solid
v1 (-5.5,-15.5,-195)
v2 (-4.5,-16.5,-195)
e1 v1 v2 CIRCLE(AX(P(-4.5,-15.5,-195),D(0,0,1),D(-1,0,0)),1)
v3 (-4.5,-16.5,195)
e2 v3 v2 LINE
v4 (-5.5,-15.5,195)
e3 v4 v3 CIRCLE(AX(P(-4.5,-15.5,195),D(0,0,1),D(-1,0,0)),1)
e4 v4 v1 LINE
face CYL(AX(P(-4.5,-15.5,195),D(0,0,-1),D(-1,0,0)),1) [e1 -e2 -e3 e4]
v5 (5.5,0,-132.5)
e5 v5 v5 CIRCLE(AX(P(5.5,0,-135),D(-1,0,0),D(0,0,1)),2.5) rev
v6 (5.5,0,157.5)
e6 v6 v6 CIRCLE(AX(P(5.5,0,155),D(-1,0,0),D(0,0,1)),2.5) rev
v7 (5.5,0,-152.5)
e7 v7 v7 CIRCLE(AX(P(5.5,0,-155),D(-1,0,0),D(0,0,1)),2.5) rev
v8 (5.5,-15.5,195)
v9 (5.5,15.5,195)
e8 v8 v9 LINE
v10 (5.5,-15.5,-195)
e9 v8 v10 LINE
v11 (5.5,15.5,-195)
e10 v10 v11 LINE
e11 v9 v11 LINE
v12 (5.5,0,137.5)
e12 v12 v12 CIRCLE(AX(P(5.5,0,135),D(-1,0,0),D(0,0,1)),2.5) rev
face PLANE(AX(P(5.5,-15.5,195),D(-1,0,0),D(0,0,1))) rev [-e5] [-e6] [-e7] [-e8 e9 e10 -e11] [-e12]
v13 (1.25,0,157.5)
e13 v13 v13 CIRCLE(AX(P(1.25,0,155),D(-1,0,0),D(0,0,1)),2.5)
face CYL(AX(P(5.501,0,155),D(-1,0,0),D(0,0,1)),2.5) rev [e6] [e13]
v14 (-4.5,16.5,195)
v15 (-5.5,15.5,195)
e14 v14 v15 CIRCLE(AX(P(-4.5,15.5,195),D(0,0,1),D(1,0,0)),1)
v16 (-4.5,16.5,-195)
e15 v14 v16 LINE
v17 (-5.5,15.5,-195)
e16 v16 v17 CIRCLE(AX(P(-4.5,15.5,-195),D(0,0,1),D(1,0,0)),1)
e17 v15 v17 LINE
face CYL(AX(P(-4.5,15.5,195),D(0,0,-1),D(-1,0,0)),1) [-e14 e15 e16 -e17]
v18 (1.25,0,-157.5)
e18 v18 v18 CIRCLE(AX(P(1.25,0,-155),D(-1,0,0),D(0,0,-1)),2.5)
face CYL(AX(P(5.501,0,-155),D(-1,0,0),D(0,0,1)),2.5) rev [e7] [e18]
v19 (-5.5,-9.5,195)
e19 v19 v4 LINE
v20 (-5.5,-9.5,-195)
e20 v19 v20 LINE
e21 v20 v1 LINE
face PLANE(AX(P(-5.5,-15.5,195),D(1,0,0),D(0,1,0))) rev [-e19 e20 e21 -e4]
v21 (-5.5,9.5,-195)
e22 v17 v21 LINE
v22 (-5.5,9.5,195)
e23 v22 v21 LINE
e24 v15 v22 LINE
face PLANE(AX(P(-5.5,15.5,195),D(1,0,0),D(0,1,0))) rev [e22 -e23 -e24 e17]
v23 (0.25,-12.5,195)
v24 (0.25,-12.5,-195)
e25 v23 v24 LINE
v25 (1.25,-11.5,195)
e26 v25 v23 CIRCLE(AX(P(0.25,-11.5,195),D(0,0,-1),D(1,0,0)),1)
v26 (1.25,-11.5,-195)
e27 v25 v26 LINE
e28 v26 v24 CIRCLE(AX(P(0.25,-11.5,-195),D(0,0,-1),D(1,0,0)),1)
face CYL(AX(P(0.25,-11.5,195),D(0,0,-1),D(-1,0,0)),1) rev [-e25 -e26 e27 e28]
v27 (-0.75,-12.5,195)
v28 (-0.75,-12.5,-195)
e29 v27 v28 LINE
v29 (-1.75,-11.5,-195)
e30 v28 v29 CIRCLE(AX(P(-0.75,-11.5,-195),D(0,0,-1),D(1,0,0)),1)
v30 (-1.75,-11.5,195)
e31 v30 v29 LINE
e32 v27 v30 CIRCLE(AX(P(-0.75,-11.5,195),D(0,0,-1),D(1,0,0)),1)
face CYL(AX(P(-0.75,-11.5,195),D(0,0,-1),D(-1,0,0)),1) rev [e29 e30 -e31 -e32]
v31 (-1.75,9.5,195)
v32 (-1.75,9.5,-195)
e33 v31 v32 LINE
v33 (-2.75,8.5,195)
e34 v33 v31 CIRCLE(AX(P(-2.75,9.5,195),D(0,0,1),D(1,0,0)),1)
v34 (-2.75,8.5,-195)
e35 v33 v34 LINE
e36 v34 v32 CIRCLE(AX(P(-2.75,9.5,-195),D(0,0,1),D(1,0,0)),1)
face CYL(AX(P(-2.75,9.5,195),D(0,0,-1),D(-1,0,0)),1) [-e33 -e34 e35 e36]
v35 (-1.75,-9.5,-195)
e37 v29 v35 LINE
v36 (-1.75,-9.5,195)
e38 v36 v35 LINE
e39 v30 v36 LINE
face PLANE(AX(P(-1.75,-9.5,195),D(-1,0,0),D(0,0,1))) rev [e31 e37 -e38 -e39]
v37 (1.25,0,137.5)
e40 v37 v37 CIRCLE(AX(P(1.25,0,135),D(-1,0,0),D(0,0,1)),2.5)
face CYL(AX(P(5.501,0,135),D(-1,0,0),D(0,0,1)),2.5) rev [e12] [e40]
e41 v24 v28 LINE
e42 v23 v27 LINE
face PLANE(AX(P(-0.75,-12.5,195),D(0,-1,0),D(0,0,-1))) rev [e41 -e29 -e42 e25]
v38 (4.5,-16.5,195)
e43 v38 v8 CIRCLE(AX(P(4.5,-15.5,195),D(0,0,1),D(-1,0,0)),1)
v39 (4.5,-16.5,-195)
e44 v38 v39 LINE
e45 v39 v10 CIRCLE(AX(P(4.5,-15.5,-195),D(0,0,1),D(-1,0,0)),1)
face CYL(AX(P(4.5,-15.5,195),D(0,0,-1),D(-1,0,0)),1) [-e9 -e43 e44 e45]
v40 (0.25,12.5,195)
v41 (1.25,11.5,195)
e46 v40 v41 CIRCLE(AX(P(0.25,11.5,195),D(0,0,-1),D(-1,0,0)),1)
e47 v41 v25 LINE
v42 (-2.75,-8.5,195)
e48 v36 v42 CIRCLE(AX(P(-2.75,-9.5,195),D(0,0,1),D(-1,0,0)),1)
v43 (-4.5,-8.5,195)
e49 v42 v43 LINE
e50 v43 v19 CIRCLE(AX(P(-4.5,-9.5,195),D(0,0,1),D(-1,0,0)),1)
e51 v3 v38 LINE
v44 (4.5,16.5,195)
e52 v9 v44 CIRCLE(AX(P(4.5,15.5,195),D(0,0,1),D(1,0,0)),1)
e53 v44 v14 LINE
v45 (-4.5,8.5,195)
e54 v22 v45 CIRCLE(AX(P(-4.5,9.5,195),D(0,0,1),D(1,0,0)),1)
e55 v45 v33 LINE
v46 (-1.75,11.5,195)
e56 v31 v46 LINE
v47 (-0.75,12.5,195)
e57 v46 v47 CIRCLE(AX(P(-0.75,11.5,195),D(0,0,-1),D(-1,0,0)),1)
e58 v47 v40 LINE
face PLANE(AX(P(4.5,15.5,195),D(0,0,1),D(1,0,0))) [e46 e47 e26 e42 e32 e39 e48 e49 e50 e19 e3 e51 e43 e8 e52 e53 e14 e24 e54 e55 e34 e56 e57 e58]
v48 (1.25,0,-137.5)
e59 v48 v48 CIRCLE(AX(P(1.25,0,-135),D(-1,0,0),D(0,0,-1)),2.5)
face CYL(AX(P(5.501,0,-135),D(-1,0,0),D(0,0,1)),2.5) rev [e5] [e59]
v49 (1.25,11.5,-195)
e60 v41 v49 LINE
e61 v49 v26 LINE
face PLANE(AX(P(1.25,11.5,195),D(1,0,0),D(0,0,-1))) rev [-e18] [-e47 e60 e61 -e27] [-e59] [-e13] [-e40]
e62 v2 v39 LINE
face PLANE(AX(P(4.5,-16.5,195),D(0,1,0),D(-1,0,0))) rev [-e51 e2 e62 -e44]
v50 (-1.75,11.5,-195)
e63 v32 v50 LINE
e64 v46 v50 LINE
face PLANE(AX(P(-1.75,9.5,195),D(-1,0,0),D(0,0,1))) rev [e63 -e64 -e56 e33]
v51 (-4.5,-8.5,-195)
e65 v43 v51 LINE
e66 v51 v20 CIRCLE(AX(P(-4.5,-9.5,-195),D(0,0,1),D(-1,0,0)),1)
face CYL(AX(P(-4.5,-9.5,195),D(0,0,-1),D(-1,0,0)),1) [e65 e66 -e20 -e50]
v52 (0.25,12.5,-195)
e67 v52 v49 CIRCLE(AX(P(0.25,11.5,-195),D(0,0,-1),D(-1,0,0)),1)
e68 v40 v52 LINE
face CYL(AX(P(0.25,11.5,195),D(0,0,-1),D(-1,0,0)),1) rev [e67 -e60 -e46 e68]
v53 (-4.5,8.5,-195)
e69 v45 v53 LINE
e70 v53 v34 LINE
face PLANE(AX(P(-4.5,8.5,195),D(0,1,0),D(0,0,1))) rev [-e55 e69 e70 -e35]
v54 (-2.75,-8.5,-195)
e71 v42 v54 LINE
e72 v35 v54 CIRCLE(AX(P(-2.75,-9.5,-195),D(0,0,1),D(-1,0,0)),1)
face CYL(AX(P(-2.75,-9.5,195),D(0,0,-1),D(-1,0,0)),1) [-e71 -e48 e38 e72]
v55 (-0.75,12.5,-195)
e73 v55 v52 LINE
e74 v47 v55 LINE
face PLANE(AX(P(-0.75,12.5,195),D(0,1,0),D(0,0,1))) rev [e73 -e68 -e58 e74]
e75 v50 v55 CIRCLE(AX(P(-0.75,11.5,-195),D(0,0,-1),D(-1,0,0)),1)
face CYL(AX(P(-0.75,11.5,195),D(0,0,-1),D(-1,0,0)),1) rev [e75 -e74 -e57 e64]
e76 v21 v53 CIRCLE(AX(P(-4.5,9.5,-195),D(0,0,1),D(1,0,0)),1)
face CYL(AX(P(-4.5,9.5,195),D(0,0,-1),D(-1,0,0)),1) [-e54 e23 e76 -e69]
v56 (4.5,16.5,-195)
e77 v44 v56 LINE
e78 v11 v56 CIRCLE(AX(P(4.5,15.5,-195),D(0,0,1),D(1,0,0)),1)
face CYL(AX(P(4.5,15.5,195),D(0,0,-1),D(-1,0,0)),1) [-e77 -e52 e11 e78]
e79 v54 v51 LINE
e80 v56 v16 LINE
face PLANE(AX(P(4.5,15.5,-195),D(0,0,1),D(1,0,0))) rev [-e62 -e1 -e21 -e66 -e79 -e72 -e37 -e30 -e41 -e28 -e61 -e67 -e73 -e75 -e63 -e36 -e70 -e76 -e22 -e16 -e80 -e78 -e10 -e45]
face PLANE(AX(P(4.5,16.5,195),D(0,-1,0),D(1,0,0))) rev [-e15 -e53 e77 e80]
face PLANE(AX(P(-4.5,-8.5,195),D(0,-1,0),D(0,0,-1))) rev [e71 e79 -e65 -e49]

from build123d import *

# Parameters (mm, degrees)
BOSS_EXTRUDE1_DEPTH = 195
CUT_EXTRUDE1_REACH  = 197.813
SKETCH2_R           = 2.5


with BuildPart() as part:
    # Sketch1 → Boss-Extrude1 (new, symmetric)
    with BuildSketch(Plane.XY):
        with BuildLine():
            Line((5.5, -15.5), (5.5, 15.5))
            ThreePointArc((5.5, 15.5), (5.207106781, 16.207106781), (4.5, 16.5))
            Line((4.5, 16.5), (-4.5, 16.5))
            ThreePointArc((-4.5, 16.5), (-5.207106781, 16.207106781), (-5.5, 15.5))
            Line((-5.5, 15.5), (-5.5, 9.5))
            ThreePointArc((-5.5, 9.5), (-5.207106781, 8.792893219), (-4.5, 8.5))
            Line((-4.5, 8.5), (-2.75, 8.5))
            ThreePointArc((-2.75, 8.5), (-2.042893219, 8.792893219), (-1.75, 9.5))
            Line((-1.75, 9.5), (-1.75, 11.5))
            ThreePointArc((-1.75, 11.5), (-1.457106781, 12.207106781), (-0.75, 12.5))
            Line((-0.75, 12.5), (0.25, 12.5))
            ThreePointArc((0.25, 12.5), (0.957106781, 12.207106781), (1.25, 11.5))
            Line((1.25, 11.5), (1.25, -11.5))
            ThreePointArc((1.25, -11.5), (0.957106781, -12.207106781), (0.25, -12.5))
            Line((0.25, -12.5), (-0.75, -12.5))
            ThreePointArc((-0.75, -12.5), (-1.457106781, -12.207106781), (-1.75, -11.5))
            Line((-1.75, -11.5), (-1.75, -9.5))
            ThreePointArc((-1.75, -9.5), (-2.042893219, -8.792893219), (-2.75, -8.5))
            Line((-2.75, -8.5), (-4.5, -8.5))
            ThreePointArc((-4.5, -8.5), (-5.207106781, -8.792893219), (-5.5, -9.5))
            Line((-5.5, -9.5), (-5.5, -15.5))
            ThreePointArc((-5.5, -15.5), (-5.207106781, -16.207106781), (-4.5, -16.5))
            Line((-4.5, -16.5), (4.5, -16.5))
            ThreePointArc((4.5, -16.5), (5.207106781, -16.207106781), (5.5, -15.5))
        make_face()
    extrude(amount=BOSS_EXTRUDE1_DEPTH, both=True)

    # Sketch2 → Cut-Extrude1 (cut, up to next)
    with BuildSketch(Plane.ZY.offset(-1.25), mode=Mode.PRIVATE) as cut_extrude1_sk1:
        with Locations((155, 0)):
            Circle(SKETCH2_R)
    cut_extrude1_tool1 = extrude(cut_extrude1_sk1.sketch, amount=-CUT_EXTRUDE1_REACH, mode=Mode.PRIVATE) & part.part
    # Sketch2 → Cut-Extrude1 (cut, up to next)
    with BuildSketch(Plane.ZY.offset(-1.25), mode=Mode.PRIVATE) as cut_extrude1_sk2:
        with Locations((135, 0)):
            Circle(SKETCH2_R)
    cut_extrude1_tool2 = extrude(cut_extrude1_sk2.sketch, amount=-CUT_EXTRUDE1_REACH, mode=Mode.PRIVATE) & part.part
    # Sketch2 → Cut-Extrude1 (cut, up to next)
    with BuildSketch(Plane.ZY.offset(-1.25), mode=Mode.PRIVATE) as cut_extrude1_sk3:
        with Locations((-135, 0)):
            Circle(SKETCH2_R)
    cut_extrude1_tool3 = extrude(cut_extrude1_sk3.sketch, amount=-CUT_EXTRUDE1_REACH, mode=Mode.PRIVATE) & part.part
    # Sketch2 → Cut-Extrude1 (cut, up to next)
    with BuildSketch(Plane.ZY.offset(-1.25), mode=Mode.PRIVATE) as cut_extrude1_sk4:
        with Locations((-155, 0)):
            Circle(SKETCH2_R)
    cut_extrude1_tool4 = extrude(cut_extrude1_sk4.sketch, amount=-CUT_EXTRUDE1_REACH, mode=Mode.PRIVATE) & part.part
    add(cut_extrude1_tool1.solids().sort_by_distance((1.25, 0, 155))[0], mode=Mode.SUBTRACT)
    add(cut_extrude1_tool2.solids().sort_by_distance((1.25, 0, 135))[0], mode=Mode.SUBTRACT)
    add(cut_extrude1_tool3.solids().sort_by_distance((1.25, 0, -135))[0], mode=Mode.SUBTRACT)
    add(cut_extrude1_tool4.solids().sort_by_distance((1.25, 0, -155))[0], mode=Mode.SUBTRACT)


solid = part.part
